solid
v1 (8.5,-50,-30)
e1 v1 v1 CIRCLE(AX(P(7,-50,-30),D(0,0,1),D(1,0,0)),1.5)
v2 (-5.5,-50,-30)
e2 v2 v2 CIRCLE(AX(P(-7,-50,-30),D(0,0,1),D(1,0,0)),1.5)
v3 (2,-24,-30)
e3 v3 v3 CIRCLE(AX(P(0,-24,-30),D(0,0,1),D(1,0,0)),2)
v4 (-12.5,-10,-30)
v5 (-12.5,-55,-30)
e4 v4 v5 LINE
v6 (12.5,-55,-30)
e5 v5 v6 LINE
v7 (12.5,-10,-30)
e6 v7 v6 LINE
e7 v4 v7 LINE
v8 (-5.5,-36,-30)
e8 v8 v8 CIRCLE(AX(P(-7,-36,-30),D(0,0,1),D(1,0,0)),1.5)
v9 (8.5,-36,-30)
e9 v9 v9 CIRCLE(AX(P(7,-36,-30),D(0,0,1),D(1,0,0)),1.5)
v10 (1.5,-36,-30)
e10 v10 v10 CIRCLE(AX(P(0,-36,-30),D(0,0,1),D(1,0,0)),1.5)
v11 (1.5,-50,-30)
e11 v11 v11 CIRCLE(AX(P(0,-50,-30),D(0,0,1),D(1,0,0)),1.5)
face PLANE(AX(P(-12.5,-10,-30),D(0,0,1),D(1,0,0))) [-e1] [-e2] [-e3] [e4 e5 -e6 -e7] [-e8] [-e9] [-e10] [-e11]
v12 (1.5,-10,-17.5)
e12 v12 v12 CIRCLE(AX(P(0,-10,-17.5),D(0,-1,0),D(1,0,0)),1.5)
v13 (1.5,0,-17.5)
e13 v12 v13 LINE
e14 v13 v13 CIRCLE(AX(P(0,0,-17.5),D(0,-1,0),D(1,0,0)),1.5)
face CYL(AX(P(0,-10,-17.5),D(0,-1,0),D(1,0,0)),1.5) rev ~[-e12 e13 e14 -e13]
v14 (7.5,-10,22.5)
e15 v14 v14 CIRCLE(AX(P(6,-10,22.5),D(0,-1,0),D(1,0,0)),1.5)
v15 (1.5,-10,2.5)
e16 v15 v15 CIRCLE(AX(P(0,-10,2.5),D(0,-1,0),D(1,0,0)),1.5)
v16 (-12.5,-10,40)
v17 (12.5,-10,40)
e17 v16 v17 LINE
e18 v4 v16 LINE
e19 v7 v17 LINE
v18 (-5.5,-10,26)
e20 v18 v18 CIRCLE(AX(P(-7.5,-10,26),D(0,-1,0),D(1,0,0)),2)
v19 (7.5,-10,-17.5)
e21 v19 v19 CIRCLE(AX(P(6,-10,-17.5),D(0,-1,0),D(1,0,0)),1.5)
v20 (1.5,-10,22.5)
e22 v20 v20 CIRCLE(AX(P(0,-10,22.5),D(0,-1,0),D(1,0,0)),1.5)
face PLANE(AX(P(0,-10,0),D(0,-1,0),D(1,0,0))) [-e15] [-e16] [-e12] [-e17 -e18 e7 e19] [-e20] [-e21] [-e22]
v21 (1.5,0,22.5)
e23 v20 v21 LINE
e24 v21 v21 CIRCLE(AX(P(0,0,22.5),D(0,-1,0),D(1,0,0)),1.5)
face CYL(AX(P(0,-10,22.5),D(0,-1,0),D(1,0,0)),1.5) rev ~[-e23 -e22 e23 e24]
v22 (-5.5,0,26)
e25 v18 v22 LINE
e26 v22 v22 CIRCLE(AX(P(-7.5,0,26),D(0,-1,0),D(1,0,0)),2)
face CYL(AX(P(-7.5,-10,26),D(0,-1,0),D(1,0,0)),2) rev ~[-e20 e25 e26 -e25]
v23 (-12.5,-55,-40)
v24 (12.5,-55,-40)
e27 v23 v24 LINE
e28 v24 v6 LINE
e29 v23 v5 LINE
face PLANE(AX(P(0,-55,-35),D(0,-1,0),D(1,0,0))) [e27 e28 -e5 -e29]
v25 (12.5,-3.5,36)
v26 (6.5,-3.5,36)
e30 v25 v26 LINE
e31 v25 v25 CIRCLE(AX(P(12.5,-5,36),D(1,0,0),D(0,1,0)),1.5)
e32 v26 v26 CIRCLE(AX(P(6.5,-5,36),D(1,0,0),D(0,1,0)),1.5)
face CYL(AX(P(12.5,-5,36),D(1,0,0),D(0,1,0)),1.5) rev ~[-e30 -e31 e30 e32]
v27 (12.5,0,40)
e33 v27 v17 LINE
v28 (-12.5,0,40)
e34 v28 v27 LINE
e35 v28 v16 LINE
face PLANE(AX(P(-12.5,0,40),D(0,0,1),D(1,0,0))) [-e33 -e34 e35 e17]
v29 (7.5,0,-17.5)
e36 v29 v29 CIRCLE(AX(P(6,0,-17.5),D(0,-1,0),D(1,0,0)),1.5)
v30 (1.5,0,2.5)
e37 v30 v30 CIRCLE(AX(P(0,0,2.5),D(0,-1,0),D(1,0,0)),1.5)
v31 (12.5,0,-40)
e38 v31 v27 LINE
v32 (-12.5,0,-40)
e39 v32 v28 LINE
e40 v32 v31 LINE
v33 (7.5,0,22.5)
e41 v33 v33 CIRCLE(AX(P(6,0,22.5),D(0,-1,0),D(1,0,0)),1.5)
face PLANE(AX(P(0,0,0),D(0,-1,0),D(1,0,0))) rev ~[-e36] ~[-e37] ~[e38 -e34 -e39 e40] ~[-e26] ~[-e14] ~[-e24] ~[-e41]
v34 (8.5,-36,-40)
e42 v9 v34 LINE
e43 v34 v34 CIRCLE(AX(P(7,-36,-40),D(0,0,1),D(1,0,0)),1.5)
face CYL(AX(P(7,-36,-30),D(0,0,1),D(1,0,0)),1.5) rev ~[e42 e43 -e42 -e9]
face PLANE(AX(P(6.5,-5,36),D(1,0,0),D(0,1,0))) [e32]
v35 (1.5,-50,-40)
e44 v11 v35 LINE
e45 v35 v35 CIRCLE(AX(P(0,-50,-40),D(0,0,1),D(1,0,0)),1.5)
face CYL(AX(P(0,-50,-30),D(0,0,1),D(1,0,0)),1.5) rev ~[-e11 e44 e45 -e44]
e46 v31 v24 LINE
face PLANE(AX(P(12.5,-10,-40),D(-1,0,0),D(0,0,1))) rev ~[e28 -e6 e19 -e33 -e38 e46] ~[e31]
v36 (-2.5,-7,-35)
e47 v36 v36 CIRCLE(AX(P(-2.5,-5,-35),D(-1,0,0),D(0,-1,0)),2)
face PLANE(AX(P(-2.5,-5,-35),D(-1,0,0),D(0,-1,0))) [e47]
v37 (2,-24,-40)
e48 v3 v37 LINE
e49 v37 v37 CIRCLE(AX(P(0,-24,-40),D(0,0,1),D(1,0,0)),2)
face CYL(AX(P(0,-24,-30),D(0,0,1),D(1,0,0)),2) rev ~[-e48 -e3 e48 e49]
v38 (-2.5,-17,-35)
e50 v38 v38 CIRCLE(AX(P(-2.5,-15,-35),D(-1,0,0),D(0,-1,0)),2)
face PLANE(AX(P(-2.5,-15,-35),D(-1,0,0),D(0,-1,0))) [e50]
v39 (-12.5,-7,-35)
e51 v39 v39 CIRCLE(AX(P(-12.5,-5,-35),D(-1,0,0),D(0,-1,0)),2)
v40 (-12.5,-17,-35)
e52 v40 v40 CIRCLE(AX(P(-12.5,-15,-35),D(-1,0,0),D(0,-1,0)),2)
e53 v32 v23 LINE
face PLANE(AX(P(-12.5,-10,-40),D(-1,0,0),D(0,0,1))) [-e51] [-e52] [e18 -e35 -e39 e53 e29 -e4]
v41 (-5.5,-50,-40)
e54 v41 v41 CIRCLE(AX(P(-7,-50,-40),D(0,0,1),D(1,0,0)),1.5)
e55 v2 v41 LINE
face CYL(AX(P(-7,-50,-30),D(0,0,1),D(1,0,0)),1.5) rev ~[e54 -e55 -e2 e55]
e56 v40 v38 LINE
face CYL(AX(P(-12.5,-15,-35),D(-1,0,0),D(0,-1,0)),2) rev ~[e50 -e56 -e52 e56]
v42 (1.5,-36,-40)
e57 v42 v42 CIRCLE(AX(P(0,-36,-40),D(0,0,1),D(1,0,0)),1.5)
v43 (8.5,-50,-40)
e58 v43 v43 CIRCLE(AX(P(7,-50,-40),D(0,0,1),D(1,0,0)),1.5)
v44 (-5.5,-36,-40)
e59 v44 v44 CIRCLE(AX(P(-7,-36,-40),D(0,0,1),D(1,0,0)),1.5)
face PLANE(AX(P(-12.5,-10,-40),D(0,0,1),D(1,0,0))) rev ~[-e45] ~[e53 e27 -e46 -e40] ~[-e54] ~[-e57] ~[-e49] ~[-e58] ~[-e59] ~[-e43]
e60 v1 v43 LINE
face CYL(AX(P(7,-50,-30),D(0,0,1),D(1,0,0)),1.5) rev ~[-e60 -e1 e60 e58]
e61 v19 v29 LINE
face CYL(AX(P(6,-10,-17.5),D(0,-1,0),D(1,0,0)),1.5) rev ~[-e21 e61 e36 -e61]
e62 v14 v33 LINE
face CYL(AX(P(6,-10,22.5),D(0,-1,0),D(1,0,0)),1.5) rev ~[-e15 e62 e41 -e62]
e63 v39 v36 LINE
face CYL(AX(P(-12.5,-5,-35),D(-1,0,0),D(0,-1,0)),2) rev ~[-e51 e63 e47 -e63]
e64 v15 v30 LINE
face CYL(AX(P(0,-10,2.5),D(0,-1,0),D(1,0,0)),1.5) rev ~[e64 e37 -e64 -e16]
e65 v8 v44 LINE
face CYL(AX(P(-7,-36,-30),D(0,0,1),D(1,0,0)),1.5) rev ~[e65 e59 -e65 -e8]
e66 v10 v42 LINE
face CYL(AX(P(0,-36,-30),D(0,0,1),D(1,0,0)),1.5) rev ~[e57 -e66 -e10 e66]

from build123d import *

# Parameters (mm, degrees)
F0_W      = 25
F0_H      = 80
F1_DEPTH  = 10
F2_W      = 25
F2_H      = 10
F3_DEPTH  = 45
F4_R      = 2
F4_R_2    = 1.5
F5_DEPTH  = 10.001
F6_R      = 1.5
F7_DEPTH  = 6
F8_R      = 1.5
F8_R_2    = 2
F9_DEPTH  = 10.001
F10_R     = 2
F11_DEPTH = 10


with BuildPart() as f1:
    # F0 (on Front) → F1 (new body)
    with BuildSketch(Plane.XZ):
        Rectangle(F0_W, F0_H)
    extrude(amount=F1_DEPTH)

    # F2 (on face) → F3 (join)
    with BuildSketch(Plane.XZ.offset(10)):
        with Locations((0, -35)):
            Rectangle(F2_W, F2_H)
    extrude(amount=F3_DEPTH)

    # F4 (on face) → F5 (cut, through all)
    with BuildSketch(Plane.XZ.offset(10)):
        with Locations((-7.5, 26)):
            Circle(F4_R)
        with Locations((0, -17.5)):
            Circle(F4_R_2)
        with Locations((0, 2.5)):
            Circle(F4_R_2)
        with Locations((0, 22.5)):
            Circle(F4_R_2)
        with Locations((6, 22.5)):
            Circle(F4_R_2)
        with Locations((6, -17.5)):
            Circle(F4_R_2)
    extrude(amount=-F5_DEPTH, mode=Mode.SUBTRACT)

    # F6 (on face) → F7 (cut)
    with BuildSketch(Plane.YZ.offset(12.5)):
        with Locations((-5, 36)):
            Circle(F6_R)
    extrude(amount=-F7_DEPTH, mode=Mode.SUBTRACT)

    # F8 (on face) → F9 (cut, through all)
    with BuildSketch(Plane.XY.offset(-30)):
        with Locations((0, -36)):
            Circle(F8_R)
        with Locations((0, -24)):
            Circle(F8_R_2)
        with Locations((-7, -36)):
            Circle(F8_R)
        with Locations((7, -36)):
            Circle(F8_R)
        with Locations((0, -50)):
            Circle(F8_R)
        with Locations((-7, -50)):
            Circle(F8_R)
        with Locations((7, -50)):
            Circle(F8_R)
    extrude(amount=-F9_DEPTH, mode=Mode.SUBTRACT)

    # F10 (on face) → F11 (cut)
    with BuildSketch(Plane(origin=(-12.5, 0, 0), x_dir=(0, -1, 0), z_dir=(-1, 0, 0))):
        with Locations((5, -35)):
            Circle(F10_R)
        with Locations((15, -35)):
            Circle(F10_R)
    extrude(amount=-F11_DEPTH, mode=Mode.SUBTRACT)


solid = f1.part
